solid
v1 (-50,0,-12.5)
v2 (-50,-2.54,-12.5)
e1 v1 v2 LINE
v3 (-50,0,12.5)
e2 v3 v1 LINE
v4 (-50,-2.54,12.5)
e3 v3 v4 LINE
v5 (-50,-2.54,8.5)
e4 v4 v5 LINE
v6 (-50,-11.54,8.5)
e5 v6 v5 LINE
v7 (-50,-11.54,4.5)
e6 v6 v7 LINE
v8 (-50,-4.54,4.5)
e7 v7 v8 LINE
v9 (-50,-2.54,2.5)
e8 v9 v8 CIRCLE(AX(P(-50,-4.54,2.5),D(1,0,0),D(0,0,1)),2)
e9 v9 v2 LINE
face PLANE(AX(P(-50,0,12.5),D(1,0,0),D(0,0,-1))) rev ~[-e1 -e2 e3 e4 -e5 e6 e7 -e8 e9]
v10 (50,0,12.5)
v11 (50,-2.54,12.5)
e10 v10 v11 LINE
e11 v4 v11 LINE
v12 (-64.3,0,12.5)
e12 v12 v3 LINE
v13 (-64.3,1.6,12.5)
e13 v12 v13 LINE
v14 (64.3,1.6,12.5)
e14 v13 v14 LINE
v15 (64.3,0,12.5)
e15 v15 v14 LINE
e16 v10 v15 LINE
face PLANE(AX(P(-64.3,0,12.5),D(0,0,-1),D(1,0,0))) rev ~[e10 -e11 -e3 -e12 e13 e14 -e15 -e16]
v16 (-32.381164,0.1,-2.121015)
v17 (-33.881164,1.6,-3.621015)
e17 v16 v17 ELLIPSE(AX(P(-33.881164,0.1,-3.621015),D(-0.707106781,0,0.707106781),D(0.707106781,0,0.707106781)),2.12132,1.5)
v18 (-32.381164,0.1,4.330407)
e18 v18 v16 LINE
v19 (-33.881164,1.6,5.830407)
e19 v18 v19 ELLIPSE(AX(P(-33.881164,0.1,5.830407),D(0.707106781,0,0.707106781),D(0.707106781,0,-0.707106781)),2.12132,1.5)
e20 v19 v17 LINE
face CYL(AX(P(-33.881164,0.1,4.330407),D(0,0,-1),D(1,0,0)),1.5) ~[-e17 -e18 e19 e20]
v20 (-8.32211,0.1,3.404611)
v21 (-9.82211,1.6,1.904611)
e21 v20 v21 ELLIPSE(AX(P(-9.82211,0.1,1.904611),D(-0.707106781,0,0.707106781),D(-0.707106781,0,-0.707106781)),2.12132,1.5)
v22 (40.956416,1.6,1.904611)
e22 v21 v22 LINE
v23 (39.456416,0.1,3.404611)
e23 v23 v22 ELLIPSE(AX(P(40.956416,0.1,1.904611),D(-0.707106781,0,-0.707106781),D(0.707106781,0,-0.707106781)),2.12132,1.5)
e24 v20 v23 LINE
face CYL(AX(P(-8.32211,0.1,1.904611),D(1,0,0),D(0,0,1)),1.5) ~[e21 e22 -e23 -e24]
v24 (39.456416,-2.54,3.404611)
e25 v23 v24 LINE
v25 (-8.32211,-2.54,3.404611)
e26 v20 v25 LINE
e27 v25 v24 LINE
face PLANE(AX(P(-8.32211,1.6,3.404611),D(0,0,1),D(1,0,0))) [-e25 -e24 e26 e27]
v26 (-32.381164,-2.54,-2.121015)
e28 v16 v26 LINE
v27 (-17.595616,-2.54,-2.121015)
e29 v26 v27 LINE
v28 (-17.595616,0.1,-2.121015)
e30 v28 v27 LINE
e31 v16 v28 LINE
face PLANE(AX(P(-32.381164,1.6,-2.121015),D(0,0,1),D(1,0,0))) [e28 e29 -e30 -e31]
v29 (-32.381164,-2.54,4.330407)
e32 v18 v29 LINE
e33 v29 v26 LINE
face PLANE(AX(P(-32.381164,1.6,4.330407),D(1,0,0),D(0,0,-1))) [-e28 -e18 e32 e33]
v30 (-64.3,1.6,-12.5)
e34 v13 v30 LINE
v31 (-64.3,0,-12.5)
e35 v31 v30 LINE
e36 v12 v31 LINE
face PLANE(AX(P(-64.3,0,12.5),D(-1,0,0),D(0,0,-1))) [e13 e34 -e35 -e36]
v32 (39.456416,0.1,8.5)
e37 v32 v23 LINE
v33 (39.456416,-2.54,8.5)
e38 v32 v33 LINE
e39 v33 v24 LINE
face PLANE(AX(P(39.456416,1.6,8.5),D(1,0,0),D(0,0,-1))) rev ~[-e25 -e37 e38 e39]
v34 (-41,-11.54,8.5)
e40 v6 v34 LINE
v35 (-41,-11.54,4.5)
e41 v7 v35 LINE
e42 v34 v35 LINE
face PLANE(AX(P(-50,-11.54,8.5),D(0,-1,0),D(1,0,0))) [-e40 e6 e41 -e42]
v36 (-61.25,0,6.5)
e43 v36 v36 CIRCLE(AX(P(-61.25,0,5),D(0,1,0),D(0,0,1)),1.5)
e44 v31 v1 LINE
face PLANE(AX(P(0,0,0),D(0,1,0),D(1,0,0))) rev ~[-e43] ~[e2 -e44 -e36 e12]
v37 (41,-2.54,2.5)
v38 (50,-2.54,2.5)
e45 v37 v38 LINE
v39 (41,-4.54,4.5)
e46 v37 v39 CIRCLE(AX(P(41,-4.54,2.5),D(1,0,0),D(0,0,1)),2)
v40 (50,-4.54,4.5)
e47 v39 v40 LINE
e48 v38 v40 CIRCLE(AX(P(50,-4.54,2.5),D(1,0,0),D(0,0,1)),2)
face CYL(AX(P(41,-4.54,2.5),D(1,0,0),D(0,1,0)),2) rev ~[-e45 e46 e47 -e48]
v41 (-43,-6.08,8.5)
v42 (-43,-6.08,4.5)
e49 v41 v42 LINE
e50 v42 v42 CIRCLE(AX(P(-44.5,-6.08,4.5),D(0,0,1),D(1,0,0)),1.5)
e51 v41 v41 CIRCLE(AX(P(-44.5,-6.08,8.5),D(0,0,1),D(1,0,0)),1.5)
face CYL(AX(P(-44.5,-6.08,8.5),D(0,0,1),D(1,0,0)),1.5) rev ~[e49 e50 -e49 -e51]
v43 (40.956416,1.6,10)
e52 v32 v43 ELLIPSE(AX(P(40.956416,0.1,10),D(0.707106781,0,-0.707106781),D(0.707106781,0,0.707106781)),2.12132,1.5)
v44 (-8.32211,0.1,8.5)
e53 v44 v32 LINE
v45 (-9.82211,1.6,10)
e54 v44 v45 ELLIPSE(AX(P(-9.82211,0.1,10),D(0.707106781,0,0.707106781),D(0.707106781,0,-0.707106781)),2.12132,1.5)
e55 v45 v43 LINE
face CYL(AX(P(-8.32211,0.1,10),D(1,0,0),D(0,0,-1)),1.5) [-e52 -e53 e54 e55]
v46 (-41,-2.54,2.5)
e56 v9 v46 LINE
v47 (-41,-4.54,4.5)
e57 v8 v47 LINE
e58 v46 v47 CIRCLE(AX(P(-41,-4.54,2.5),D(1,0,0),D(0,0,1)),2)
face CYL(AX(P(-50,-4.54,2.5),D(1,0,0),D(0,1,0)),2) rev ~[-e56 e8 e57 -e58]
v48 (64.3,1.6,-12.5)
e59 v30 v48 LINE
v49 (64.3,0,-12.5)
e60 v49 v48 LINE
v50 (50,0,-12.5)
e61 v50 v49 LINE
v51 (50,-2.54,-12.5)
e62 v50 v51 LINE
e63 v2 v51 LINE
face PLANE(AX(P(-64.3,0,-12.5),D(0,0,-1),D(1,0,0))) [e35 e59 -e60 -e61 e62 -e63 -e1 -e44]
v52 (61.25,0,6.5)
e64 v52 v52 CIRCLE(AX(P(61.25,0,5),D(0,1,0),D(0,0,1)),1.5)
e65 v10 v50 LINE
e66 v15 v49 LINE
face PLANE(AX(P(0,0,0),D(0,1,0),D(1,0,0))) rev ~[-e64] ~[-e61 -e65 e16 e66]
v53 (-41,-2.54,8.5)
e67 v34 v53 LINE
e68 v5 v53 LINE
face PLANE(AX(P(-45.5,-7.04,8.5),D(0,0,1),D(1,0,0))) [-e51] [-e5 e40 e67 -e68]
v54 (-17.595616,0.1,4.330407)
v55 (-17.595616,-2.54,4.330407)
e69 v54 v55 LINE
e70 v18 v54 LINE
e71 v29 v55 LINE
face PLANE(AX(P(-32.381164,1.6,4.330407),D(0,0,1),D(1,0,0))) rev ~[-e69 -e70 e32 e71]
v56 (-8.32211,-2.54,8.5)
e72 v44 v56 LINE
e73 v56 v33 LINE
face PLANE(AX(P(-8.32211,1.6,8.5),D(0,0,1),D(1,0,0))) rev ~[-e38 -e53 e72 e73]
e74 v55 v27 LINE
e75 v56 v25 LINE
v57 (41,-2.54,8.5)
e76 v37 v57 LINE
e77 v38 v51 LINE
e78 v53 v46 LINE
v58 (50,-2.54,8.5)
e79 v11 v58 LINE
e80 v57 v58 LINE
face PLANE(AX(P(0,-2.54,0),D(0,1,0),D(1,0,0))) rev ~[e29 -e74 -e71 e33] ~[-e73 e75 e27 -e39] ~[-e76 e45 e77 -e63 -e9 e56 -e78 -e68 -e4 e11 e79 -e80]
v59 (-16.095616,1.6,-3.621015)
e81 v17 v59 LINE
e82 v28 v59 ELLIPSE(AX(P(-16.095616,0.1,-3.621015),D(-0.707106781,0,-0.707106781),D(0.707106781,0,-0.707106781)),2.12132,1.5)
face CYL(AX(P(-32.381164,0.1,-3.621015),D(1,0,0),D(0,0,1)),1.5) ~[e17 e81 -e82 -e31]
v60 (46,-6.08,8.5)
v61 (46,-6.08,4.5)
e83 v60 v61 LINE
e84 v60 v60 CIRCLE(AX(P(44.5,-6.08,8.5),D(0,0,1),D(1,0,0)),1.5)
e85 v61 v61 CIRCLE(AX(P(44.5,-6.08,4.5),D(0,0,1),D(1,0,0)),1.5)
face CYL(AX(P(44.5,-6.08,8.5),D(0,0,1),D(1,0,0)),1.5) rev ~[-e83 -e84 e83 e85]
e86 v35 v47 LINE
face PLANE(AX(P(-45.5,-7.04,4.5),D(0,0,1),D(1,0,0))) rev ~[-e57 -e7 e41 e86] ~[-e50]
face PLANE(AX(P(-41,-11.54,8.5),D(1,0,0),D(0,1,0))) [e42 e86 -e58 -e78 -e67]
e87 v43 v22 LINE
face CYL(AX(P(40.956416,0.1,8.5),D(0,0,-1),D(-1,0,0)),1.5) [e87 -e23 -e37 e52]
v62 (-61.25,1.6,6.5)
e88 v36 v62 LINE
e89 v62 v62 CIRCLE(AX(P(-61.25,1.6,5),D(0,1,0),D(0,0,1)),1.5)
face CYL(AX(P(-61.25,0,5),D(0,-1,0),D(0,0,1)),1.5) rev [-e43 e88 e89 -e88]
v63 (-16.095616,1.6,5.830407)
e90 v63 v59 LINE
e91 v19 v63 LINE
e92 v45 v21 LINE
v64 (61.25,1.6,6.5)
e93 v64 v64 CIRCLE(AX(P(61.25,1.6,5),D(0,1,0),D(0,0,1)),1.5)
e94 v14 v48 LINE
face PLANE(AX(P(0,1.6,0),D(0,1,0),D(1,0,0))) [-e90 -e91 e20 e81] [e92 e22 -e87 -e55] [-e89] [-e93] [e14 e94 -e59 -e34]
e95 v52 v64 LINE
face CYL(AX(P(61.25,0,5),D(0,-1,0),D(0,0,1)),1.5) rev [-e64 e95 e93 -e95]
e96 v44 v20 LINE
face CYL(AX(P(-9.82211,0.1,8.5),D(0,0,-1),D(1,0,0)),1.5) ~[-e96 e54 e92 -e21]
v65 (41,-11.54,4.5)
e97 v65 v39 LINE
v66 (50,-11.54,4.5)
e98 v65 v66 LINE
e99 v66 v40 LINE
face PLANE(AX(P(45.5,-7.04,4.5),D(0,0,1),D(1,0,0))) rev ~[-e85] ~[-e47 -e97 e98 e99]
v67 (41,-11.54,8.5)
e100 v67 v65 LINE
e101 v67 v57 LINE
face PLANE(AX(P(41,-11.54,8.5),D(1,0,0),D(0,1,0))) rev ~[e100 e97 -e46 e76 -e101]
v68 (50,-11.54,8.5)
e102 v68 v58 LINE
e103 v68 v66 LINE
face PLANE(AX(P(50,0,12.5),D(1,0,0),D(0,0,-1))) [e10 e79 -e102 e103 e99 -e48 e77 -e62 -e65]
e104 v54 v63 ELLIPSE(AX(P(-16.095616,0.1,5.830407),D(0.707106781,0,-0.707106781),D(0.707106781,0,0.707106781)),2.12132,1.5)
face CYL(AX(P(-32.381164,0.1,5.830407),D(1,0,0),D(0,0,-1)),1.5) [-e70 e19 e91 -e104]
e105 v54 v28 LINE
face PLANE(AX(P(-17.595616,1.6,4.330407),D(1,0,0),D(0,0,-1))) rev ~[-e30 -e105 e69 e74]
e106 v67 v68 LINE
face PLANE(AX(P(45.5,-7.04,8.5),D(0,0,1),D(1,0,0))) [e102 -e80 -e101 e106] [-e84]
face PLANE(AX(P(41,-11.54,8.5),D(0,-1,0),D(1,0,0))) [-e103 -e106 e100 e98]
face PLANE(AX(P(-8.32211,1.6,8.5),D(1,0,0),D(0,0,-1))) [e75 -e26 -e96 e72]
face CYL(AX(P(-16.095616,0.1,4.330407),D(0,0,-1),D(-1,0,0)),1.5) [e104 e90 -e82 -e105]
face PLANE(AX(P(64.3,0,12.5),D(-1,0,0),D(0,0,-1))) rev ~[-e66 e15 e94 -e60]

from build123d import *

# Parameters (mm, degrees)
SKETCH1_W           = 128.6
SKETCH1_H           = 25
SKETCH1_R           = 1.5
BOSS_EXTRUDE1_DEPTH = 1.6
SKETCH3_W           = 100
SKETCH3_H           = 25
BOSS_EXTRUDE4_DEPTH = 2.54
SKETCH4_W           = 9
SKETCH4_H           = 9
SKETCH4_R           = 1.5
BOSS_EXTRUDE5_DEPTH = 4
FILLET1_R           = 2
SKETCH5_W           = 47.778525573
SKETCH5_H           = 5.095389146
SKETCH5_W_2         = 14.785547181
SKETCH5_H_2         = 6.451421921
CUT_EXTRUDE1_DEPTH  = 67.808679077
FILLET2_R           = 1.5


with BuildPart() as part:
    # Sketch1 → Boss-Extrude1 (new body)
    with BuildSketch(Plane(origin=(0, 0, 0), x_dir=(1, 0, 0), z_dir=(0, 1, 0))):
        Rectangle(SKETCH1_W, SKETCH1_H)
        with Locations(Location((-61.25, -5, 0), (0, 0, 270))):
            Circle(SKETCH1_R, mode=Mode.SUBTRACT)
        with Locations(Location((61.25, -5, 0), (0, 0, 270))):
            Circle(SKETCH1_R, mode=Mode.SUBTRACT)
    extrude(amount=BOSS_EXTRUDE1_DEPTH)

    # Sketch3 → Boss-Extrude4 (add)
    with BuildSketch(Plane(origin=(0, 0, 0), x_dir=(1, 0, 0), z_dir=(0, 1, 0))):
        Rectangle(SKETCH3_W, SKETCH3_H)
    extrude(amount=-BOSS_EXTRUDE4_DEPTH)

    # Sketch4 → Boss-Extrude5 (add)
    # profile 1 of 2: a face of its own
    with BuildSketch(Plane.XY.offset(8.5)):
        with Locations((-45.5, -7.04)):
            Rectangle(SKETCH4_W, SKETCH4_H)
        with Locations((-44.5, -6.08)):
            Circle(SKETCH4_R, mode=Mode.SUBTRACT)
    # profile 2 of 2: a face of its own
    with BuildSketch(Plane.XY.offset(8.5)):
        with Locations((45.5, -7.04)):
            Rectangle(SKETCH4_W, SKETCH4_H)
        with Locations((44.5, -6.08)):
            Circle(SKETCH4_R, mode=Mode.SUBTRACT)
    extrude(amount=-BOSS_EXTRUDE5_DEPTH)

    # Fillet1
    fillet1_edges = [part.edges().sort_by_distance(p)[0] for p in [
        (-45.5, -2.54, 4.5),
        (45.5, -2.54, 4.5),
    ]]
    fillet(fillet1_edges, radius=FILLET1_R)

    # Sketch5 → Cut-Extrude1 (cut, through all)
    with BuildSketch(Plane(origin=(0, 1.6, 0), x_dir=(1, 0, 0), z_dir=(0, 1, 0))):
        with Locations((15.567152962, -5.952305427)):
            Rectangle(SKETCH5_W, SKETCH5_H)
        with Locations((-24.988389969, -1.104696386)):
            Rectangle(SKETCH5_W_2, SKETCH5_H_2)
    extrude(amount=-CUT_EXTRUDE1_DEPTH, mode=Mode.SUBTRACT)

    # Fillet2
    fillet2_edges = [part.edges().sort_by_distance(p)[0] for p in [
        (-24.988389969, 1.6, 4.330407346),
        (-17.595616378, 1.6, 1.104696385),
        (-24.988389969, 1.6, -2.121014575),
        (-8.322109824, 1.6, 5.952305427),
        (15.567152962, 1.6, 8.5),
        (39.456415749, 1.6, 5.952305427),
        (15.567152962, 1.6, 3.404610854),
        (-32.381163559, 1.6, 1.104696385),
    ]]
    fillet(fillet2_edges, radius=FILLET2_R)


solid = part.part
